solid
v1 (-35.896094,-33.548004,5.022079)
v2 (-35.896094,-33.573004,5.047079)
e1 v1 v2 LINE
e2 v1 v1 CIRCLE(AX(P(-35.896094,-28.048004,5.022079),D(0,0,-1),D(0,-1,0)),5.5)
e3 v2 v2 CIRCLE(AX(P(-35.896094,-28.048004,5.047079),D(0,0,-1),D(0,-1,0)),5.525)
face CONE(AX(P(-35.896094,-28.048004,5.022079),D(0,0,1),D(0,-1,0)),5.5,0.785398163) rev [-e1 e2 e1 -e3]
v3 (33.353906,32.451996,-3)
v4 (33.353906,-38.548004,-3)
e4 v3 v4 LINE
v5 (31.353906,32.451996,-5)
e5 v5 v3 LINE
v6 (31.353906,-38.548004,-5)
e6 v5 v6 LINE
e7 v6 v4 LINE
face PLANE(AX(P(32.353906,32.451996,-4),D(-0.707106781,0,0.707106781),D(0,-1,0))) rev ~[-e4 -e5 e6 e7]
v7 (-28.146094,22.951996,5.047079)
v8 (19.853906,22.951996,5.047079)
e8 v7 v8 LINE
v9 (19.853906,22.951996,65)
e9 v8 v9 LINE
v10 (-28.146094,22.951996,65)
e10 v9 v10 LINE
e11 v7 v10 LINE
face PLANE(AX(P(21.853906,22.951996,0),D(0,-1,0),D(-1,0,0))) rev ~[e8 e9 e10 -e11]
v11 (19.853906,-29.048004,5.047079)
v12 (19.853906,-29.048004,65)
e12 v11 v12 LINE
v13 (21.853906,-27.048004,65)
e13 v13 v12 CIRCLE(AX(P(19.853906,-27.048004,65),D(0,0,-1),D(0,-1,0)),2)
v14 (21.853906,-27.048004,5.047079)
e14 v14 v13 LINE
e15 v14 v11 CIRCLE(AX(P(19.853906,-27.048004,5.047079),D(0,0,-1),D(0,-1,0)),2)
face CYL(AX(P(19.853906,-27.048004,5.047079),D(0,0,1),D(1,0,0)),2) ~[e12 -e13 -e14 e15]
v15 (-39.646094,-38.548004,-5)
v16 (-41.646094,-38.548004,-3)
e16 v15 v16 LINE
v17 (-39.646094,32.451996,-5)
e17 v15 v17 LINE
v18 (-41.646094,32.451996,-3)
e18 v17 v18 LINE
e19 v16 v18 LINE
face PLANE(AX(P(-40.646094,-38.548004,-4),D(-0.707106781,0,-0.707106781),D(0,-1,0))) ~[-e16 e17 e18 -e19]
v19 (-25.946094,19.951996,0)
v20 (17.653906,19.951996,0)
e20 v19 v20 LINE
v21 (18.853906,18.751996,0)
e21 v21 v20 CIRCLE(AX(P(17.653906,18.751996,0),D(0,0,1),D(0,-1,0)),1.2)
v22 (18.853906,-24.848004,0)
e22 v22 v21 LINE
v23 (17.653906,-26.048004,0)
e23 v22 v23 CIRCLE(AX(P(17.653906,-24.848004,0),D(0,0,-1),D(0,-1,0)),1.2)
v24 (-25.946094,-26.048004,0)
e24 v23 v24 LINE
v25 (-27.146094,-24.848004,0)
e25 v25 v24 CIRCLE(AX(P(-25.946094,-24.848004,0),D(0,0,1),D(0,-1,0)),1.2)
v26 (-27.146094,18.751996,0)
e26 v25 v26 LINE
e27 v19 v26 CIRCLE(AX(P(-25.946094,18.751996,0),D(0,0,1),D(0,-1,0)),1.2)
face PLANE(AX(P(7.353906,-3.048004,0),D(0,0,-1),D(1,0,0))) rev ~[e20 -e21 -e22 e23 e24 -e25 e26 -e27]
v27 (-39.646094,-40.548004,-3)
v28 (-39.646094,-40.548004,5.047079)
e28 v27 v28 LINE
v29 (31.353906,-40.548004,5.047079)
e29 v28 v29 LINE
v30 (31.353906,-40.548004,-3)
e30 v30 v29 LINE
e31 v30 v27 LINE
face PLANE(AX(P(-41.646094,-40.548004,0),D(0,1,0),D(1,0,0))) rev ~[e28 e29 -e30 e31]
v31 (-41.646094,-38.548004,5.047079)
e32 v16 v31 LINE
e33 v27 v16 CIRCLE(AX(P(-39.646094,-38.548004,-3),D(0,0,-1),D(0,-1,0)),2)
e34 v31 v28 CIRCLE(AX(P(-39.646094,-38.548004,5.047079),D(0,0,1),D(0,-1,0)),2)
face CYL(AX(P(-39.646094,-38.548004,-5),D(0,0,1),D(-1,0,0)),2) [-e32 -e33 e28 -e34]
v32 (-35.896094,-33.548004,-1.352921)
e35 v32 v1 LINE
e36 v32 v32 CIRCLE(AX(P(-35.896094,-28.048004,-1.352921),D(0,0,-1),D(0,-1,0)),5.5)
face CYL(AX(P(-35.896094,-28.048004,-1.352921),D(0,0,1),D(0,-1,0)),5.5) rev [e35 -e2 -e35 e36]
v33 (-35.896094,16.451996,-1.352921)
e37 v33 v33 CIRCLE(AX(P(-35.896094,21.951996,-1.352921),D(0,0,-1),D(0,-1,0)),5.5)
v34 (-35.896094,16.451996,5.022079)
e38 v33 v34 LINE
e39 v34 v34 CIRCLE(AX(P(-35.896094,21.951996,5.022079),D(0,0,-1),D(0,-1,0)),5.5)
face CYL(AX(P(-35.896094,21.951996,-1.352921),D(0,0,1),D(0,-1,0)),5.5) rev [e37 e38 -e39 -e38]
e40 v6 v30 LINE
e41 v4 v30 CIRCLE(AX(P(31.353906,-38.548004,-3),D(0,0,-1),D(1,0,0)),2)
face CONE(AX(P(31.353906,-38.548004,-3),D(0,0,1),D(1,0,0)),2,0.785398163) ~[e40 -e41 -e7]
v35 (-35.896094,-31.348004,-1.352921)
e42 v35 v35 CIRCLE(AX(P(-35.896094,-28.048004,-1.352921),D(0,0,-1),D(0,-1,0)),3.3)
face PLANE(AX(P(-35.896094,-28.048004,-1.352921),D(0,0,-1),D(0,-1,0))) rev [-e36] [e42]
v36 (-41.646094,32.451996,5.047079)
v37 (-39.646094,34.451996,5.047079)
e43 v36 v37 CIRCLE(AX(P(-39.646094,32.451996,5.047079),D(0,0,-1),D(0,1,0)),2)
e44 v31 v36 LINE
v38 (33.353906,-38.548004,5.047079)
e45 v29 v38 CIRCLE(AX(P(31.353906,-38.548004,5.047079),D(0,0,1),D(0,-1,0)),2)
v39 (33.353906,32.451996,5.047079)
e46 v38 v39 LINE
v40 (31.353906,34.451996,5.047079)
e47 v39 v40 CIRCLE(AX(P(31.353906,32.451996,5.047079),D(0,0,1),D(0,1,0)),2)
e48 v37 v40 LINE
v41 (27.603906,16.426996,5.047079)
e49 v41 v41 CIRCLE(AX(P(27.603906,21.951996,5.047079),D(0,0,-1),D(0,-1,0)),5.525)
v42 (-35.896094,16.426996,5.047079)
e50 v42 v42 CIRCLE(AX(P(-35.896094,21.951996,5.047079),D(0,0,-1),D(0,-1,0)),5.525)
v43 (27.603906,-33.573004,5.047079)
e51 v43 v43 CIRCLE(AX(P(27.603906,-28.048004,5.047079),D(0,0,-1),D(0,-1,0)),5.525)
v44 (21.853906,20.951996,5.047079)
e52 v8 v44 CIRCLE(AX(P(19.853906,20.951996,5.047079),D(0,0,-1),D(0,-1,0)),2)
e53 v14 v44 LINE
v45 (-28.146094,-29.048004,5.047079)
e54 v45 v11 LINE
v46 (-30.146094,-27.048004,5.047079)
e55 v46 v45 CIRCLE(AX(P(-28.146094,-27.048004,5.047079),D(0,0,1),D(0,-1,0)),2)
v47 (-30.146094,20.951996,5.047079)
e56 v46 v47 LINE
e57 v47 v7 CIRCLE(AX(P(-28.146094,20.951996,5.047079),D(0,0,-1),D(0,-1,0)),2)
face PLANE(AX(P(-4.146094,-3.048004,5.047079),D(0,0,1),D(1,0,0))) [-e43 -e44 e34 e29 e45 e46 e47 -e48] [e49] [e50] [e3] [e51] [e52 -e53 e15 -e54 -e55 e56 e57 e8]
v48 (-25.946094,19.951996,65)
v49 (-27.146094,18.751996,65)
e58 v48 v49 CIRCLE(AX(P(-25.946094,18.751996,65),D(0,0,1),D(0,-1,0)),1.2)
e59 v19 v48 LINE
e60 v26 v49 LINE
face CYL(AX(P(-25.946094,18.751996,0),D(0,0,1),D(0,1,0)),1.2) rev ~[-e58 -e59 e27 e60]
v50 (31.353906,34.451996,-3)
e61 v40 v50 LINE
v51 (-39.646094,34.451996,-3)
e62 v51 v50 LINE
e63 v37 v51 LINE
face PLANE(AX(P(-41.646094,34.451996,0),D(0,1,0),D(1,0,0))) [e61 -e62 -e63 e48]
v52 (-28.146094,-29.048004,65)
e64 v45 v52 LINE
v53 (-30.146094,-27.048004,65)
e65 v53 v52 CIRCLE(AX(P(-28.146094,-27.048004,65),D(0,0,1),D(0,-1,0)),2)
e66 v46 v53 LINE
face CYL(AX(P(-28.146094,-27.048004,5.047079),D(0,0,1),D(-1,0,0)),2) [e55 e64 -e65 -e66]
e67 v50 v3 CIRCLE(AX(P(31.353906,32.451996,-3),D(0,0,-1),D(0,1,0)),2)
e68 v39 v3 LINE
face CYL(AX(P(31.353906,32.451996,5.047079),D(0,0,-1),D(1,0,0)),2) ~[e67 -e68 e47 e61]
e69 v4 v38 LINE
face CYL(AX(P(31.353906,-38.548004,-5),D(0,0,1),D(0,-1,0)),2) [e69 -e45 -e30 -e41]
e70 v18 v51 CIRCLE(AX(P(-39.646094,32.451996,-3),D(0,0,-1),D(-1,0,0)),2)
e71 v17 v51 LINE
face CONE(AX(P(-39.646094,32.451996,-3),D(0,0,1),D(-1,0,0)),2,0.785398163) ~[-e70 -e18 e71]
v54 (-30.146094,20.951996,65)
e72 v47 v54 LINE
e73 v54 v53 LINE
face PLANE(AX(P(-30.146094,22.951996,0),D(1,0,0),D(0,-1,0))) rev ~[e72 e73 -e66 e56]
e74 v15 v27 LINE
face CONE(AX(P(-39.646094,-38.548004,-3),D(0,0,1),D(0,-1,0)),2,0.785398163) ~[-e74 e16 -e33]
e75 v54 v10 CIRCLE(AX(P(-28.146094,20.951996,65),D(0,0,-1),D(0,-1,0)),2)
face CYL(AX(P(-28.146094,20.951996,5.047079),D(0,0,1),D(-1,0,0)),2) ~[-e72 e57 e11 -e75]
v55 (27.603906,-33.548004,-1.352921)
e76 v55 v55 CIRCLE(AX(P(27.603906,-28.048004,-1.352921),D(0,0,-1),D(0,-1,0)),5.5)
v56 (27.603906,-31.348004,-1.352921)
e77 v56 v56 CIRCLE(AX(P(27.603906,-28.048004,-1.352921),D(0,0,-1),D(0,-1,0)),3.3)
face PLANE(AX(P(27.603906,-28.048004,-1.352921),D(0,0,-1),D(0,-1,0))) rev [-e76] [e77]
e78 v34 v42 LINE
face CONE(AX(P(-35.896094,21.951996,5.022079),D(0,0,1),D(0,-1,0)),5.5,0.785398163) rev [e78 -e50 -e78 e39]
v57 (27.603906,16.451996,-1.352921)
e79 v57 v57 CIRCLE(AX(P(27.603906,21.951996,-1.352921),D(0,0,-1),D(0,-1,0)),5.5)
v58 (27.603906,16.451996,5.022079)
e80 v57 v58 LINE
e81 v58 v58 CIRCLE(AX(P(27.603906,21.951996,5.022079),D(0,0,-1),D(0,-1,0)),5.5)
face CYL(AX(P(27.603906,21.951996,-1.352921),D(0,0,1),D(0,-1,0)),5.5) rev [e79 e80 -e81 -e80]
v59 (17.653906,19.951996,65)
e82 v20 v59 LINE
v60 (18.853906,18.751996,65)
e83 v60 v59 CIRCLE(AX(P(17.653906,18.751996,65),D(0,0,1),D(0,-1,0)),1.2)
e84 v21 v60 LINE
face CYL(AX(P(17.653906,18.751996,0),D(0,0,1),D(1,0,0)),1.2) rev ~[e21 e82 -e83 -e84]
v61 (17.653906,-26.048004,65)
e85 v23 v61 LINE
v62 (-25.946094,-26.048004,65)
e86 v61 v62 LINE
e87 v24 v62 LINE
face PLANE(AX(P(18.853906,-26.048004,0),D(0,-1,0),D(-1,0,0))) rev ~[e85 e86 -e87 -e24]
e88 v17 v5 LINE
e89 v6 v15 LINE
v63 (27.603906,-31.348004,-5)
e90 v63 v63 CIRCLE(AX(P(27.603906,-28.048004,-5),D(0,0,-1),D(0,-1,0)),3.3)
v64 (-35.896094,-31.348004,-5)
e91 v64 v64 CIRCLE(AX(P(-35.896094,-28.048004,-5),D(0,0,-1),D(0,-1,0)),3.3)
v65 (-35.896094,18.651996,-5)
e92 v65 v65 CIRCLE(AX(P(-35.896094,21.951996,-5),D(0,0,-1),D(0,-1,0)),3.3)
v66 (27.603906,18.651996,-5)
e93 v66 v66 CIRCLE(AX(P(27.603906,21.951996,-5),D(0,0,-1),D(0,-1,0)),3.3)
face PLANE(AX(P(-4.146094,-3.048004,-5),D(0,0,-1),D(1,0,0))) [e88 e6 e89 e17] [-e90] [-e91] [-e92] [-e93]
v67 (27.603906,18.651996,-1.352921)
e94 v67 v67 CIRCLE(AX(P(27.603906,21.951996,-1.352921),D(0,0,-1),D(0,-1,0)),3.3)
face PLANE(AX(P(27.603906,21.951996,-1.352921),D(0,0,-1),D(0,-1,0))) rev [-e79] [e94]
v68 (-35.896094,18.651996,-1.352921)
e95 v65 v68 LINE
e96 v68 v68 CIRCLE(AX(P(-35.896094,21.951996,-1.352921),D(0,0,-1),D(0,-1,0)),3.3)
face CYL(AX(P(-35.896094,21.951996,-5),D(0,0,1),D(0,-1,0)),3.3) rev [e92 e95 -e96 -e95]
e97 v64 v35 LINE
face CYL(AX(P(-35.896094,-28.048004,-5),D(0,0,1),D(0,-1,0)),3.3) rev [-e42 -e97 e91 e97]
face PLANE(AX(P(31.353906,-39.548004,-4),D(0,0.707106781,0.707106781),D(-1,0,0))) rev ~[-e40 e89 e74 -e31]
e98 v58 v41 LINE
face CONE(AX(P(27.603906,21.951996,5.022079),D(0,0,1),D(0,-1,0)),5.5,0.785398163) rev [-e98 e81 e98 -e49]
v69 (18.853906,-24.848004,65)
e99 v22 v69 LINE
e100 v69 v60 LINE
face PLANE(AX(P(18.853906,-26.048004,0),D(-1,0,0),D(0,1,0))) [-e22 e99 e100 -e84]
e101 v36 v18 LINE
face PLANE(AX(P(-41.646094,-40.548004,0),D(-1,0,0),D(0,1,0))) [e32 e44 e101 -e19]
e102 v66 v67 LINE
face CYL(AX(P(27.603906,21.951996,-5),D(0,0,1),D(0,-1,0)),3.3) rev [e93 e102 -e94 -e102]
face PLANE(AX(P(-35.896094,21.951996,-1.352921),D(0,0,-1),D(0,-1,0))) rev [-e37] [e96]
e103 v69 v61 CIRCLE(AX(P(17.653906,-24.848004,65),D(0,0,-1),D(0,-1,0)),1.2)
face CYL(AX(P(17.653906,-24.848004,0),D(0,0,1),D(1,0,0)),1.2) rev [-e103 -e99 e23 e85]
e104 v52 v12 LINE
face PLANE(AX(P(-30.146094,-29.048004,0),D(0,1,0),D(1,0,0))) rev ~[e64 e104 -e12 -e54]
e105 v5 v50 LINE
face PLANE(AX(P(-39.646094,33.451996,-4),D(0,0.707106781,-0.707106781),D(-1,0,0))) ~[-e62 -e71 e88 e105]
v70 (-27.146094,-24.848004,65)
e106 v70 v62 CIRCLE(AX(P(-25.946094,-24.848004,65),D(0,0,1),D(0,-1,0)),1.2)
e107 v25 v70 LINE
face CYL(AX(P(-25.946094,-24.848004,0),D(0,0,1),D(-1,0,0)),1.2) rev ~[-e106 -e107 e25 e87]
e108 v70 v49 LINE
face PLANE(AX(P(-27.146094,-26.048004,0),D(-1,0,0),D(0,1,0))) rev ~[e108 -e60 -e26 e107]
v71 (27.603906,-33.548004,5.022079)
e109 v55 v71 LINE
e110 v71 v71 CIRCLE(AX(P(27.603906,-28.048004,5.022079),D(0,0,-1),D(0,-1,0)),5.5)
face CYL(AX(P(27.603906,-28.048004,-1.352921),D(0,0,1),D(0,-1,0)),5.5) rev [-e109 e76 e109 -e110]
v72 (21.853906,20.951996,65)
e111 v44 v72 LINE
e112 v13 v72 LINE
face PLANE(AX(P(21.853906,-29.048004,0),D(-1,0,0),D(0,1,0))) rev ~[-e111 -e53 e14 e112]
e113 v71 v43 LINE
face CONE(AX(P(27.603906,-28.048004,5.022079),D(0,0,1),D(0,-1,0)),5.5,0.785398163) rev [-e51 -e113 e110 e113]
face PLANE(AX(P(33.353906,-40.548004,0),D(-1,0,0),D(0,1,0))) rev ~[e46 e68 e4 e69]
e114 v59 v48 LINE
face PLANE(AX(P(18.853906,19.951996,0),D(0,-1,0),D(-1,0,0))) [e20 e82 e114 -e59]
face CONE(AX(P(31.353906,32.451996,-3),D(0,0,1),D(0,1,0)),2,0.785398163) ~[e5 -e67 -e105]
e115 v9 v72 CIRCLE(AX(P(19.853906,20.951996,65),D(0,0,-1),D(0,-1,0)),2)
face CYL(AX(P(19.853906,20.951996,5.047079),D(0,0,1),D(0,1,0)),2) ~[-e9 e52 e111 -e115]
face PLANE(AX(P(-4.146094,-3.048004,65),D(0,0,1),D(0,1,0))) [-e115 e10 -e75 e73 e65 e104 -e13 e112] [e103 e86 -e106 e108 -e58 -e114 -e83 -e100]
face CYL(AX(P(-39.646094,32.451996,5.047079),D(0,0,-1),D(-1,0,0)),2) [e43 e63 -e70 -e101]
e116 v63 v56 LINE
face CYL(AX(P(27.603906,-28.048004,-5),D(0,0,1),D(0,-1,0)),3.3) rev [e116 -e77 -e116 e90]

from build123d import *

# Parameters (mm, degrees)
SKETCH1_W                                    = 46
SKETCH1_H                                    = 46
BOSS_EXTRUDE1_DEPTH                          = 65
SKETCH3_W                                    = 75
SKETCH3_H                                    = 75
SKETCH3_W_2                                  = 52
SKETCH3_H_2                                  = 52
SKETCH3_W_3                                  = 23
SKETCH3_H_3                                  = 46
BOSS_EXTRUDE2_DEPTH                          = 5
SKETCH8_W                                    = 75
SKETCH8_H                                    = 75
SKETCH8_W_2                                  = 52
SKETCH8_H_2                                  = 52
BOSS_EXTRUDE3_DEPTH                          = 5.047079132
FILLET1_R                                    = 2
CBORE_FOR_M6_HEX_SOCKET_HEAD_CAP_SCR_2_COUNT = 2
CBORE_FOR_M6_HEX_SOCKET_HEAD_CAP_SCR_2_PITCH = 50
CBORE_FOR_M6_HEX_SOCKET_HEAD_CAP_SCR_3_COUNT = 2
CBORE_FOR_M6_HEX_SOCKET_HEAD_CAP_SCR_3_PITCH = 63.5
CBORE_FOR_M6_HEX_SOCKET_HEAD_CAP_SCR_4_COUNT = 2
CBORE_FOR_M6_HEX_SOCKET_HEAD_CAP_SCR_4_PITCH = 80.822336022
CHAMFER2_SIZE                                = 2
FILLET2_R                                    = 1.2


with BuildPart() as part:
    # Sketch1 → Boss-Extrude1 (new body)
    with BuildSketch(Plane(origin=(0, 0, 0), x_dir=(0, 1, 0), z_dir=(0, 0, 1))):
        Polygon((-26.156583063, 30.146094376), (-29.048003873, 30.146094376), (-29.048003873, -21.853905624), (22.951996127, -21.853905624), (22.951996127, 30.146094376), (15.339697873, 30.146094376), align=None)
        with Locations((-3.048003873, 4.146094376)):
            Rectangle(SKETCH1_W, SKETCH1_H, mode=Mode.SUBTRACT)
    extrude(amount=BOSS_EXTRUDE1_DEPTH)

    # Sketch3 → Boss-Extrude2 (add)
    # profile 1 of 5: a face of its own
    with BuildSketch(Plane(origin=(0, 0, 0), x_dir=(1, 0, 0), z_dir=(0, 0, -1))):
        with Locations((-4.146094376, 3.048003873)):
            Rectangle(SKETCH3_W, SKETCH3_H)
        with Locations((-4.146094376, 3.048003873)):
            Rectangle(SKETCH3_W_2, SKETCH3_H_2, mode=Mode.SUBTRACT)
    # profile 2 of 5: a face of its own
    with BuildSketch(Plane(origin=(0, 0, 0), x_dir=(1, 0, 0), z_dir=(0, 0, -1))):
        Polygon((21.853905624, 29.048003873), (-4.146094376, 29.048003873), (-4.146094376, 26.048003873), (18.853905624, 26.048003873), (18.853905624, -19.951996127), (-4.146094376, -19.951996127), (-4.146094376, -22.951996127), (21.853905624, -22.951996127), align=None)
    # profile 3 of 5: a face of its own
    with BuildSketch(Plane(origin=(0, 0, 0), x_dir=(1, 0, 0), z_dir=(0, 0, -1))):
        Polygon((-4.146094376, 26.048003873), (-4.146094376, 29.048003873), (-30.146094376, 29.048003873), (-30.146094376, -22.951996127), (-4.146094376, -22.951996127), (-4.146094376, -19.951996127), (-27.146094376, -19.951996127), (-27.146094376, 26.048003873), align=None)
    # profile 4 of 5: a face of its own
    with BuildSketch(Plane(origin=(0, 0, 0), x_dir=(1, 0, 0), z_dir=(0, 0, -1))):
        with Locations((7.353905624, 3.048003873)):
            Rectangle(SKETCH3_W_3, SKETCH3_H_3)
    # profile 5 of 5: a face of its own
    with BuildSketch(Plane(origin=(0, 0, 0), x_dir=(1, 0, 0), z_dir=(0, 0, -1))):
        with Locations((-15.646094376, 3.048003873)):
            Rectangle(SKETCH3_W_3, SKETCH3_H_3)
    extrude(amount=BOSS_EXTRUDE2_DEPTH)

    # Sketch8 → Boss-Extrude3 (add)
    with BuildSketch(Plane.XY):
        with Locations((-4.146094376, -3.048003873)):
            Rectangle(SKETCH8_W, SKETCH8_H)
        with Locations((-4.146094376, -3.048003873)):
            Rectangle(SKETCH8_W_2, SKETCH8_H_2, mode=Mode.SUBTRACT)
    extrude(amount=BOSS_EXTRUDE3_DEPTH)

    # Fillet1
    fillet1_edges = [part.edges().sort_by_distance(p)[0] for p in [
        (21.853905624, 22.951996127, 35.023539566),
        (21.853905624, -29.048003873, 35.023539566),
        (-30.146094376, -29.048003873, 35.023539566),
        (-30.146094376, 22.951996127, 35.023539566),
        (-41.646094376, -40.548003873, 0.023539566),
        (33.353905624, -40.548003873, 0.023539566),
        (33.353905624, 34.451996127, 0.023539566),
        (-41.646094376, 34.451996127, 0.023539566),
    ]]
    fillet(fillet1_edges, radius=FILLET1_R)

    # Sketch15 → CBORE for M6 Hex Socket Head Cap Screw2 (revolve, cut)
    with BuildSketch(Plane(origin=(-35.896094376, 21.951996127, 5.047079132), x_dir=(0, -1, 0), z_dir=(1, 0, 0))):
        Polygon((0, 0), (0, 10.047079132), (3.3, 10.047079132), (3.3, 6.4), (5.5, 6.4), (5.5, 0.025), (5.525, 0), align=None)
    cbore_for_m6_hex_socket_head_cap_screw2 = revolve(axis=Axis((-35.896094376, 21.951996127, 11.397079132), (0, 0, -1)), mode=Mode.SUBTRACT)

    # CBORE for M6 Hex Socket Head Cap Scr 2: CBORE for M6 Hex Socket Head Cap Screw2 ×2
    with Locations(*[(0, -i * CBORE_FOR_M6_HEX_SOCKET_HEAD_CAP_SCR_2_PITCH, 0) for i in range(1, CBORE_FOR_M6_HEX_SOCKET_HEAD_CAP_SCR_2_COUNT)]):
        add(cbore_for_m6_hex_socket_head_cap_screw2, mode=Mode.SUBTRACT)

    # CBORE for M6 Hex Socket Head Cap Scr 3: CBORE for M6 Hex Socket Head Cap Screw2 ×2
    with Locations(*[(i * CBORE_FOR_M6_HEX_SOCKET_HEAD_CAP_SCR_3_PITCH, 0, 0) for i in range(1, CBORE_FOR_M6_HEX_SOCKET_HEAD_CAP_SCR_3_COUNT)]):
        add(cbore_for_m6_hex_socket_head_cap_screw2, mode=Mode.SUBTRACT)

    # CBORE for M6 Hex Socket Head Cap Scr 4: CBORE for M6 Hex Socket Head Cap Screw2 ×2
    with Locations(*[Vector(0.7856739006278309, -0.6186408666360874, 0) * (i * CBORE_FOR_M6_HEX_SOCKET_HEAD_CAP_SCR_4_PITCH) for i in range(1, CBORE_FOR_M6_HEX_SOCKET_HEAD_CAP_SCR_4_COUNT)]):
        add(cbore_for_m6_hex_socket_head_cap_screw2, mode=Mode.SUBTRACT)

    # Chamfer2
    chamfer2_edges = [part.edges().sort_by_distance(p)[0] for p in [
        (33.353905624, -3.048003873, -5),
        (-4.146094376, 34.451996127, -5),
        (-4.146094376, -40.548003873, -5),
        (-41.646094376, -3.048003873, -5),
        (32.768119187, -39.962217436, -5),
        (-41.060307938, -39.962217436, -5),
        (-41.060307938, 33.866209689, -5),
        (32.768119187, 33.866209689, -5),
    ]]
    chamfer(chamfer2_edges, length=CHAMFER2_SIZE)

    # Fillet2
    fillet2_edges = [part.edges().sort_by_distance(p)[0] for p in [
        (18.853905624, -26.048003873, 32.5),
        (18.853905624, 19.951996127, 32.5),
        (-27.146094376, 19.951996127, 32.5),
        (-27.146094376, -26.048003873, 32.5),
    ]]
    fillet(fillet2_edges, radius=FILLET2_R)


solid = part.part
